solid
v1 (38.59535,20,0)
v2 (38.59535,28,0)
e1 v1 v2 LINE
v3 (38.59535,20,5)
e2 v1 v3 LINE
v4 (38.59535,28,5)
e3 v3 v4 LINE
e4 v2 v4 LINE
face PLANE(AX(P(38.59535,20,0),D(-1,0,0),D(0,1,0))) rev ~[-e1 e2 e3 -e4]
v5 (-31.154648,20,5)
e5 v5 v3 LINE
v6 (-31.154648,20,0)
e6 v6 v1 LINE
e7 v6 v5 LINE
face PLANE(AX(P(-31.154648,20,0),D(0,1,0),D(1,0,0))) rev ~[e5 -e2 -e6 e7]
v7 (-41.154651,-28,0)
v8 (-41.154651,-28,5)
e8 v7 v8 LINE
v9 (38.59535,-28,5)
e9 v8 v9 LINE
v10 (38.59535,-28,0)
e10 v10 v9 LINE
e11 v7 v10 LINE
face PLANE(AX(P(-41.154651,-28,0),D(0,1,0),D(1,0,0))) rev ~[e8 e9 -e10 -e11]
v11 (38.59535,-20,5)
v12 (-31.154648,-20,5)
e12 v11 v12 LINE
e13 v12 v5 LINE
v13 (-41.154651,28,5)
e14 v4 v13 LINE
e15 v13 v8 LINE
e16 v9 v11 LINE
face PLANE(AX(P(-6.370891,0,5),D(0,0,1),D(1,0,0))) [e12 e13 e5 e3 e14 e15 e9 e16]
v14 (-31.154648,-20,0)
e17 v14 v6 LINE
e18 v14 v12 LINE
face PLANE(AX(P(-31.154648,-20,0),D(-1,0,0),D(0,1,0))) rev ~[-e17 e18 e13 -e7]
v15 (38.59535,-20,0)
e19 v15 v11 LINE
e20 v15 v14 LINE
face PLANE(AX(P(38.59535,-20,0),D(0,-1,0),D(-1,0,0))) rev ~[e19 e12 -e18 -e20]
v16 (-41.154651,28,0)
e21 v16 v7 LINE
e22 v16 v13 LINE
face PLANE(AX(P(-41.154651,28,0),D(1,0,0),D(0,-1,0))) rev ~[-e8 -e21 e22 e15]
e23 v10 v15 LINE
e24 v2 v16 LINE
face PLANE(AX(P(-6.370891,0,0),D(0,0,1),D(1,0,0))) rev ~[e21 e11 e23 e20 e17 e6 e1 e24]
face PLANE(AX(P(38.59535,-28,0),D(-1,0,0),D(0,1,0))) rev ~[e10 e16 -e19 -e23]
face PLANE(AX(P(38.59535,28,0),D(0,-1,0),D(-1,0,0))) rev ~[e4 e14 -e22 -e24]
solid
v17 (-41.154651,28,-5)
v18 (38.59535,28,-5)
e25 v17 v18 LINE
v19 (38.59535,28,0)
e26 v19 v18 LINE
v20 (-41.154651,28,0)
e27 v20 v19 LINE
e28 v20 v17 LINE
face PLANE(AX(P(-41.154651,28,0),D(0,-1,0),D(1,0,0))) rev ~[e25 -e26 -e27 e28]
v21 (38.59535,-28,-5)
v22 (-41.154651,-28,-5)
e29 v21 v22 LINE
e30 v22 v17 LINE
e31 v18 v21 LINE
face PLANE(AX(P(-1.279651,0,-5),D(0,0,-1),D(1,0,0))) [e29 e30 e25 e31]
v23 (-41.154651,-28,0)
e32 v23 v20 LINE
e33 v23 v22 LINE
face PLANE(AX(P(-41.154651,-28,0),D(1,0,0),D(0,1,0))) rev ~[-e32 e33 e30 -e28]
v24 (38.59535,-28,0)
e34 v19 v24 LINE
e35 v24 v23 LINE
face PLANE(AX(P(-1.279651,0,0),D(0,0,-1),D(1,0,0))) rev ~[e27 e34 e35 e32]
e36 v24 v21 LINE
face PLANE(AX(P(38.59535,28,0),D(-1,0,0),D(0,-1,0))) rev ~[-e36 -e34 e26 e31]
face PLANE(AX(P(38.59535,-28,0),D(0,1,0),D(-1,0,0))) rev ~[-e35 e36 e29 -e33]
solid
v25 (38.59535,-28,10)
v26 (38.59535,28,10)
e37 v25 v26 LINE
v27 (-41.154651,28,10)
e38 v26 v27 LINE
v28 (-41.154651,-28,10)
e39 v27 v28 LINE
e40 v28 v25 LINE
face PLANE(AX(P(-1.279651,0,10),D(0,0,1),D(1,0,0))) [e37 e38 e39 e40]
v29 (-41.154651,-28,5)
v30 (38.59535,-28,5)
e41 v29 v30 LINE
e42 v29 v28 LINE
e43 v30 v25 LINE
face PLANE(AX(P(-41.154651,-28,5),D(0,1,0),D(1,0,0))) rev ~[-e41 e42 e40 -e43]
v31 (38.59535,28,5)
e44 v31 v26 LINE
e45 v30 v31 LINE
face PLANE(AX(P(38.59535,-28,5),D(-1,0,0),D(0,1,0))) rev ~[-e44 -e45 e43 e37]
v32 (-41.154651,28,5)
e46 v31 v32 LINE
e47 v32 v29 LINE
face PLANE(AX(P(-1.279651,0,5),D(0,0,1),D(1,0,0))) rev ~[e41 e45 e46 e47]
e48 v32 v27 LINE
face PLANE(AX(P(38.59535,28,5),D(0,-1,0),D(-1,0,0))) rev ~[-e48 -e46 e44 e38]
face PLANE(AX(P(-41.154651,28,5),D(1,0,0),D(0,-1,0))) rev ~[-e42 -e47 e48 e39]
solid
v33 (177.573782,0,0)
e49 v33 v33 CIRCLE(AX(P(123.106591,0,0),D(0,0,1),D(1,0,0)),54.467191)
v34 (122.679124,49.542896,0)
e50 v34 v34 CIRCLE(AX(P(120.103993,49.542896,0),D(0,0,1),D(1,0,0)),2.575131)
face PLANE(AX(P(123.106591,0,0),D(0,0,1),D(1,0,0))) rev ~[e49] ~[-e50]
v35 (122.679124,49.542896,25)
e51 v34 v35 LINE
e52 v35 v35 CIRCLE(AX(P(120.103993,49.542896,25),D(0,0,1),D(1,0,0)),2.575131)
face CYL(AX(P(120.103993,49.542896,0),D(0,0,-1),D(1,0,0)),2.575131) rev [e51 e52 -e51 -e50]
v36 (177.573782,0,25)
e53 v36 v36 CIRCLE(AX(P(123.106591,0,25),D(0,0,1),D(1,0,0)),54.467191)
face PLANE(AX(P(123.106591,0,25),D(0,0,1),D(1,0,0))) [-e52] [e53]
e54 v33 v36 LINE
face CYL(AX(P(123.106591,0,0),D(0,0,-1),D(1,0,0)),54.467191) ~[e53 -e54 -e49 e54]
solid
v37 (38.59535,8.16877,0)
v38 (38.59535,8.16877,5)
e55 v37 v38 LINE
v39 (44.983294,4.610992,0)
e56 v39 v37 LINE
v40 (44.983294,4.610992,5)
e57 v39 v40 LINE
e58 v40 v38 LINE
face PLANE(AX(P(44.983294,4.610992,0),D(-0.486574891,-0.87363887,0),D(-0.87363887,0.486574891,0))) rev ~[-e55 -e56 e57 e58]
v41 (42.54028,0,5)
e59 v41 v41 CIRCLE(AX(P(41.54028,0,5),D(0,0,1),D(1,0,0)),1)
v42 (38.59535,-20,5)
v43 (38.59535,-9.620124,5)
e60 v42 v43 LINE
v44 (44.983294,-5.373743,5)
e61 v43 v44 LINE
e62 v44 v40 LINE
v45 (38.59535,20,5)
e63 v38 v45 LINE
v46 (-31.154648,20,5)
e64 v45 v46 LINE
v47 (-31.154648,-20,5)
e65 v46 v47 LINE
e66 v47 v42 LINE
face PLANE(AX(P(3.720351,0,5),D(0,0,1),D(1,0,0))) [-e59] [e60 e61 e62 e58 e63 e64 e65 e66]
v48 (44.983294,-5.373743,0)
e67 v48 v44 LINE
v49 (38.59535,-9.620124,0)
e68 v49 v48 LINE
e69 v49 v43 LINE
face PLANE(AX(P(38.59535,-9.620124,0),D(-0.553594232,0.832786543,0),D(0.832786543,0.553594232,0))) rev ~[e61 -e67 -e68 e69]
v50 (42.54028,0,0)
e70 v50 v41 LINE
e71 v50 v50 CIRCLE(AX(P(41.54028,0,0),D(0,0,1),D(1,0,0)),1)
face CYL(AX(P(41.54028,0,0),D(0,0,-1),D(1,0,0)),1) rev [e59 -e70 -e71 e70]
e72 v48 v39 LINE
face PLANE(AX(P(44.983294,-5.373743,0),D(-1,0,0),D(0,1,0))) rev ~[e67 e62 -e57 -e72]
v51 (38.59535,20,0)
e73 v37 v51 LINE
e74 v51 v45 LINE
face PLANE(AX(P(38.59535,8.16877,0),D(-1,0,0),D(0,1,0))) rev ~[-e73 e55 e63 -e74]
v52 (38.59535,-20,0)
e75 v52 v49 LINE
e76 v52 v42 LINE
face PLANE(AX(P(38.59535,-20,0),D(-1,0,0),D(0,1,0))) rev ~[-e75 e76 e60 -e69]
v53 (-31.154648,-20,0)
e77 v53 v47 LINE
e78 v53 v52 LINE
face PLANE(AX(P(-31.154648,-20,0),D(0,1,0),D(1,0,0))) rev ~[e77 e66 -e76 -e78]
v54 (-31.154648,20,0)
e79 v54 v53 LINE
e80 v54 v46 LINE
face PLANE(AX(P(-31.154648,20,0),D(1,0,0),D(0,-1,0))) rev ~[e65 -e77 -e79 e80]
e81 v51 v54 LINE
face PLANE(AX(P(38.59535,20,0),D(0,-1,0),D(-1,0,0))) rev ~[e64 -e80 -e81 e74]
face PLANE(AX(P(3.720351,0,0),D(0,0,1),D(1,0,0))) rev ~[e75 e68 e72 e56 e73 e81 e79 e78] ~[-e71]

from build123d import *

# Parameters (mm, degrees)
F0_R     = 1
F1_DEPTH = 5
F2_DEPTH = 5
F4_DEPTH = 5
F6_DEPTH = 5
F7_R     = 54.467191
F7_R_2   = 2.575131
F8_DEPTH = 25


with BuildPart() as f1:
    # F0 (on Top) → F1 (new body)
    with BuildSketch(Plane.XY):
        Polygon((38.59535, 20), (-31.154648, 20), (-31.154648, -20), (38.59535, -20), (38.59535, -9.620124), (38.59535, 8.16877), align=None)
        Polygon((44.983294, 4.610992), (38.59535, 8.16877), (38.59535, -9.620124), (44.983294, -5.373743), align=None)
        with Locations((41.54028, 0)):
            Circle(F0_R, mode=Mode.SUBTRACT)
    extrude(amount=F1_DEPTH)


with BuildPart() as f2:
    # F0 (on Top) → F2 (new body)
    with BuildSketch(Plane.XY):
        Polygon((-31.154648, -20), (-31.154648, 20), (38.59535, 20), (38.59535, 28), (-41.154651, 28), (-41.154651, -28), (38.59535, -28), (38.59535, -20), align=None)
    extrude(amount=F2_DEPTH)


with BuildPart() as f4:
    # F3 (on face) → F4 (new body)
    with BuildSketch(Plane(origin=(0, 0, 0), x_dir=(1, 0, 0), z_dir=(0, 0, -1))):
        Polygon((38.59535, 20), (38.59535, 28), (-41.154651, 28), (-41.154651, -28), (38.59535, -28), (38.59535, -20), align=None)
    extrude(amount=F4_DEPTH)


with BuildPart() as f6:
    # F5 (on face) → F6 (new body)
    with BuildSketch(Plane.XY.offset(5)):
        Polygon((-41.154651, 28), (-41.154651, -28), (38.59535, -28), (38.59535, -20), (38.59535, 20), (38.59535, 28), align=None)
    extrude(amount=F6_DEPTH)


with BuildPart() as f8:
    # F7 (on Top) → F8 (new body)
    with BuildSketch(Plane.XY):
        with Locations((123.106591, 0)):
            Circle(F7_R)
        with Locations((120.103993, 49.542896)):
            Circle(F7_R_2, mode=Mode.SUBTRACT)
    extrude(amount=F8_DEPTH)


solid = Compound([f1.part, f2.part, f4.part, f6.part, f8.part])
